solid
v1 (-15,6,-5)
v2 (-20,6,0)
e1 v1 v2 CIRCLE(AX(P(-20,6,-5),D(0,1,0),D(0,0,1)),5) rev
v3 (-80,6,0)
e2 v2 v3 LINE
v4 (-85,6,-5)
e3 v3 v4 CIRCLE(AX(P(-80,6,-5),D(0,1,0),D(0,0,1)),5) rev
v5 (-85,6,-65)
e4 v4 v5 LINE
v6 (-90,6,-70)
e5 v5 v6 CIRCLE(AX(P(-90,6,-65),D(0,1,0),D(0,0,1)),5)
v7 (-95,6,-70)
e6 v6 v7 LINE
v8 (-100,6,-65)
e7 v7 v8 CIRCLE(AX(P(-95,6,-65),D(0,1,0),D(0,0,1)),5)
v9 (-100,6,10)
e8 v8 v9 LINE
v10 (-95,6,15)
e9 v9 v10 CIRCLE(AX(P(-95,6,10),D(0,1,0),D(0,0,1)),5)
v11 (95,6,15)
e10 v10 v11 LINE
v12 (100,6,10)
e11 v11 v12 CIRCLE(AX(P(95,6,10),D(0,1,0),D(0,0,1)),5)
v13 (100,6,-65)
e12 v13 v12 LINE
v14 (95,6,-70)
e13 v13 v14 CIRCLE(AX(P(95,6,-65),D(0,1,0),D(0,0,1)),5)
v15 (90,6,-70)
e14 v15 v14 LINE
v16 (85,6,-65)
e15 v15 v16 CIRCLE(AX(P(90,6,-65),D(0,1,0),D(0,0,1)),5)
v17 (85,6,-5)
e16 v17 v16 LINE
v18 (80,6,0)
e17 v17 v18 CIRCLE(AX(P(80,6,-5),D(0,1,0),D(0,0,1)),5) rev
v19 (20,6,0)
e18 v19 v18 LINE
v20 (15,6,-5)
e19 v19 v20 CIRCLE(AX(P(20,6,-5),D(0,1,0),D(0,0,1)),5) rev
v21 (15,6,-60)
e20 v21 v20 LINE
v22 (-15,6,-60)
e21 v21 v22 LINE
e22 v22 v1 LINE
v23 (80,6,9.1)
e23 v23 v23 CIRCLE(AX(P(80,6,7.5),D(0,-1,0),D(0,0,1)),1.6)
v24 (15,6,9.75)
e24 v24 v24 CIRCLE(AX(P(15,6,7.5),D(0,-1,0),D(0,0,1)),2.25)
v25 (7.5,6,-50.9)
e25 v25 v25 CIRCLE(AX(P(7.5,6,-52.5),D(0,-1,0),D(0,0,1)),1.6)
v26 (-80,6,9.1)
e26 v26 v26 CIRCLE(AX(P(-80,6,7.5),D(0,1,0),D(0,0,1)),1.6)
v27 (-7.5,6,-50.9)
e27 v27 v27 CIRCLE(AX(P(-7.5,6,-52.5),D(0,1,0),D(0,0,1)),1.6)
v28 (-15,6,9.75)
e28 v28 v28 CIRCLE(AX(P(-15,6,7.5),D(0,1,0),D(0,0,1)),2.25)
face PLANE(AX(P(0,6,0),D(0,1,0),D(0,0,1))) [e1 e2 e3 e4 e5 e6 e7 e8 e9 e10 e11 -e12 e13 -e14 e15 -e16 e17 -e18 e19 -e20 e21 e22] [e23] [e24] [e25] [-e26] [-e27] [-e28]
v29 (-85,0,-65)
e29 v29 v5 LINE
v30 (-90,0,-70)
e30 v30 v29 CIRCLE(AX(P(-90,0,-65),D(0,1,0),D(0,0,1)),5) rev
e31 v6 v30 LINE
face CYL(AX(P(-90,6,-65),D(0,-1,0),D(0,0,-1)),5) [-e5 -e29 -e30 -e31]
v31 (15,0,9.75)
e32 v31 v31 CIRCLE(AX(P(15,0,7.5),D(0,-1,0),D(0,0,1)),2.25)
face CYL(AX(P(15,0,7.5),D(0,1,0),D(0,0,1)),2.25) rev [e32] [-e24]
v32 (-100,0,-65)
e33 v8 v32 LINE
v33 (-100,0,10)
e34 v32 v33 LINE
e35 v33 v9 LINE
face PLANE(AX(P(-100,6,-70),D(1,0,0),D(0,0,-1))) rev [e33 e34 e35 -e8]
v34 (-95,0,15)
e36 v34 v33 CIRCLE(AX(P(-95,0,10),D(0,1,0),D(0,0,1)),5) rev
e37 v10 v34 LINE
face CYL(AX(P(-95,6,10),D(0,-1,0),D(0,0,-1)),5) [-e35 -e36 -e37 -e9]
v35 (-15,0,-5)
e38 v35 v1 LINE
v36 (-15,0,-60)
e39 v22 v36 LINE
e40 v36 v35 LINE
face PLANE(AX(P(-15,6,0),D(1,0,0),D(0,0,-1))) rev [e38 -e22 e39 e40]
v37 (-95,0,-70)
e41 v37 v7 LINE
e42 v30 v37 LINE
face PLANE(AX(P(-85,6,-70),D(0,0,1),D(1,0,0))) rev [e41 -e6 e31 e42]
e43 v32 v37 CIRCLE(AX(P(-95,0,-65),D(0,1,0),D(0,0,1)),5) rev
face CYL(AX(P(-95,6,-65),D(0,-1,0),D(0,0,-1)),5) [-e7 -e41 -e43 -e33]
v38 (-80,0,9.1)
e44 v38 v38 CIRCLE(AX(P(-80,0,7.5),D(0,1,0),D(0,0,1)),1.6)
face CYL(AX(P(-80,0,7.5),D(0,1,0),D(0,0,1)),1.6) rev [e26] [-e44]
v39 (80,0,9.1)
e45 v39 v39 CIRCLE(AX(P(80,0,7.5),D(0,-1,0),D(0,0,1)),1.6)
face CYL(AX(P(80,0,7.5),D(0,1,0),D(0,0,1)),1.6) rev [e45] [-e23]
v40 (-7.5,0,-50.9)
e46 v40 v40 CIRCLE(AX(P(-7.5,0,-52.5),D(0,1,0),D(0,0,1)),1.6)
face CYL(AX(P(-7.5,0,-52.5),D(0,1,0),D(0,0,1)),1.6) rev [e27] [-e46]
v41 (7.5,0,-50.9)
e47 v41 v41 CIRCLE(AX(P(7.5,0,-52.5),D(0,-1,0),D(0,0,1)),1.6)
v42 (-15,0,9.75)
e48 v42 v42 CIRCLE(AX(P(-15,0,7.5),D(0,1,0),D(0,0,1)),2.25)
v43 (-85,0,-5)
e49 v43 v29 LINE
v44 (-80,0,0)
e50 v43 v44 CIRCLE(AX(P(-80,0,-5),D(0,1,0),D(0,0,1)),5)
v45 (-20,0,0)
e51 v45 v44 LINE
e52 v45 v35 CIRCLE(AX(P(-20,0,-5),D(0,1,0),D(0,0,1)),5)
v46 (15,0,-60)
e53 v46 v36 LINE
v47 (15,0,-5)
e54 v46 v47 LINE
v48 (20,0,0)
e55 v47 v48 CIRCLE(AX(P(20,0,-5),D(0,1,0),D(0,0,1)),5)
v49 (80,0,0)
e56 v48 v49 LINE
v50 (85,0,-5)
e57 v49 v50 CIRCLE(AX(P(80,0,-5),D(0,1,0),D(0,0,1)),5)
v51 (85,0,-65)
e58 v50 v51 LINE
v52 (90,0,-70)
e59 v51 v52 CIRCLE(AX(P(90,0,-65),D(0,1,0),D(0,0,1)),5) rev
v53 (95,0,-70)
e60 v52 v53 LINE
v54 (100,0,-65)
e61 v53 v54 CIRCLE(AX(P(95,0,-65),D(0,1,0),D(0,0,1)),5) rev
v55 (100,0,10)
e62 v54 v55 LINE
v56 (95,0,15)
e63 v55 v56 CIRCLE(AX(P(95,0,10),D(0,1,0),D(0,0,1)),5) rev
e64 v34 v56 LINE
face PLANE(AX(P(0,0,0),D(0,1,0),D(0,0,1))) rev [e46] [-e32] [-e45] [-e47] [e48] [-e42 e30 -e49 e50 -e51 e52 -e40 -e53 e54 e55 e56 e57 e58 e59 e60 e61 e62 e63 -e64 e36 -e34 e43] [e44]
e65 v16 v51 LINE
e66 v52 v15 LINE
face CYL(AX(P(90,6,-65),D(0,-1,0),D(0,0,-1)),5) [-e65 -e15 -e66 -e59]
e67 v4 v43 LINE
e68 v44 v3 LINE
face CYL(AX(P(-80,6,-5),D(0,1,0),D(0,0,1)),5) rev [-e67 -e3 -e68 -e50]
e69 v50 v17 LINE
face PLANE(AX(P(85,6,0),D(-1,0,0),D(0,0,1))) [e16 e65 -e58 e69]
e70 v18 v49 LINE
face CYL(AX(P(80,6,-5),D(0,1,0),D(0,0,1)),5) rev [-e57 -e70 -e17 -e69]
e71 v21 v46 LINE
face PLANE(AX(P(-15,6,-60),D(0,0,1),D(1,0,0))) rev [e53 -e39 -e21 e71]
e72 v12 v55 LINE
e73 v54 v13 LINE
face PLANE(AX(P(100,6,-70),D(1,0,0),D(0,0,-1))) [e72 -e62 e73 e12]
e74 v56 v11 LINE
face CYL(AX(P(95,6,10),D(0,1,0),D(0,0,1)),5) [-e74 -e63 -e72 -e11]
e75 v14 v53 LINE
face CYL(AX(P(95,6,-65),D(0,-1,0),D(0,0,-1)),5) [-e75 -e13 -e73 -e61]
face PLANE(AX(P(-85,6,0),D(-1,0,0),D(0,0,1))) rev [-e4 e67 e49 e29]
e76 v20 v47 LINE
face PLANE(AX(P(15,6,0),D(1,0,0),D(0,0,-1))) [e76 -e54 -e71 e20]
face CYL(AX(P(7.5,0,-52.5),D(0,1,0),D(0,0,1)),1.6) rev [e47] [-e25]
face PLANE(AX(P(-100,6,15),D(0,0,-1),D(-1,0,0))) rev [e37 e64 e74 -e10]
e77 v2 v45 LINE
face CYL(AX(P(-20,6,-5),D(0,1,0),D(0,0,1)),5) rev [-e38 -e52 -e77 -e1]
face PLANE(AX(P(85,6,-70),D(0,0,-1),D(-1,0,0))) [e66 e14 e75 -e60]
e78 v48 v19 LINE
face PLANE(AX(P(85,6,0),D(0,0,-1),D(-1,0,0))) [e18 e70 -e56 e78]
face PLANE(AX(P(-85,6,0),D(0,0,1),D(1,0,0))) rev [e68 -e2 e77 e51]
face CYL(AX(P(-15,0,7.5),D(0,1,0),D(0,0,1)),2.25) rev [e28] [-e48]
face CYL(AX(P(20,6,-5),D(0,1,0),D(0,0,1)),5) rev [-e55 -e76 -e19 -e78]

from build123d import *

# Parameters (mm, degrees)
BOSS_EXTRUDE1_DEPTH  = 6
FILLET1_R            = 5
SKETCH2_R            = 2.25
SKETCH2_R_2          = 1.6
CUT_EXTRUDE1_DEPTH   = 123.21292894
FILLET1_OF_MIRROR1_R = 5


with BuildPart() as part:
    # Sketch1 → Boss-Extrude1 (new body)
    with BuildSketch(Plane(origin=(0, 0, 0), x_dir=(1, 0, 0), z_dir=(0, 1, 0))):
        Polygon((-85, 0), (-85, 70), (-100, 70), (-100, -15), (0, -15), (0, 0), (0, 60), (-15, 60), (-15, 0), align=None)
    boss_extrude1 = extrude(amount=BOSS_EXTRUDE1_DEPTH)

    # Fillet1
    fillet1_edges = [part.edges().sort_by_distance(p)[0] for p in [
        (-100, 3, 15),
        (-100, 3, -70),
        (-85, 3, -70),
        (-85, 3, 0),
        (-15, 3, 0),
    ]]
    fillet(fillet1_edges, radius=FILLET1_R)

    # Sketch2 → Cut-Extrude1 (cut, through all)
    with BuildSketch(Plane(origin=(0, 6, 0), x_dir=(1, 0, 0), z_dir=(0, 1, 0))):
        with Locations(Location((-15, -7.5, 0), (0, 0, 270))):
            Circle(SKETCH2_R)
        with Locations(Location((-80, -7.5, 0), (0, 0, 270))):
            Circle(SKETCH2_R_2)
        with Locations(Location((-7.5, 52.5, 0), (0, 0, 270))):
            Circle(SKETCH2_R_2)
    cut_extrude1 = extrude(amount=-CUT_EXTRUDE1_DEPTH, mode=Mode.SUBTRACT)

    # Mirror1: Boss-Extrude1, Cut-Extrude1 across plane
    add(boss_extrude1.mirror(Plane(origin=(0, 0, 0), x_dir=(0, 0, 1), z_dir=(1, 0, 0))))
    add(cut_extrude1.mirror(Plane(origin=(0, 0, 0), x_dir=(0, 0, 1), z_dir=(1, 0, 0))), mode=Mode.SUBTRACT)

    # Fillet1 of Mirror1
    fillet1_of_mirror1_edges = [part.edges().sort_by_distance(p)[0] for p in [
        (100, 3, 15),
        (100, 3, -70),
        (85, 3, -70),
        (85, 3, 0),
        (15, 3, 0),
    ]]
    fillet(fillet1_of_mirror1_edges, radius=FILLET1_OF_MIRROR1_R)


solid = part.part
